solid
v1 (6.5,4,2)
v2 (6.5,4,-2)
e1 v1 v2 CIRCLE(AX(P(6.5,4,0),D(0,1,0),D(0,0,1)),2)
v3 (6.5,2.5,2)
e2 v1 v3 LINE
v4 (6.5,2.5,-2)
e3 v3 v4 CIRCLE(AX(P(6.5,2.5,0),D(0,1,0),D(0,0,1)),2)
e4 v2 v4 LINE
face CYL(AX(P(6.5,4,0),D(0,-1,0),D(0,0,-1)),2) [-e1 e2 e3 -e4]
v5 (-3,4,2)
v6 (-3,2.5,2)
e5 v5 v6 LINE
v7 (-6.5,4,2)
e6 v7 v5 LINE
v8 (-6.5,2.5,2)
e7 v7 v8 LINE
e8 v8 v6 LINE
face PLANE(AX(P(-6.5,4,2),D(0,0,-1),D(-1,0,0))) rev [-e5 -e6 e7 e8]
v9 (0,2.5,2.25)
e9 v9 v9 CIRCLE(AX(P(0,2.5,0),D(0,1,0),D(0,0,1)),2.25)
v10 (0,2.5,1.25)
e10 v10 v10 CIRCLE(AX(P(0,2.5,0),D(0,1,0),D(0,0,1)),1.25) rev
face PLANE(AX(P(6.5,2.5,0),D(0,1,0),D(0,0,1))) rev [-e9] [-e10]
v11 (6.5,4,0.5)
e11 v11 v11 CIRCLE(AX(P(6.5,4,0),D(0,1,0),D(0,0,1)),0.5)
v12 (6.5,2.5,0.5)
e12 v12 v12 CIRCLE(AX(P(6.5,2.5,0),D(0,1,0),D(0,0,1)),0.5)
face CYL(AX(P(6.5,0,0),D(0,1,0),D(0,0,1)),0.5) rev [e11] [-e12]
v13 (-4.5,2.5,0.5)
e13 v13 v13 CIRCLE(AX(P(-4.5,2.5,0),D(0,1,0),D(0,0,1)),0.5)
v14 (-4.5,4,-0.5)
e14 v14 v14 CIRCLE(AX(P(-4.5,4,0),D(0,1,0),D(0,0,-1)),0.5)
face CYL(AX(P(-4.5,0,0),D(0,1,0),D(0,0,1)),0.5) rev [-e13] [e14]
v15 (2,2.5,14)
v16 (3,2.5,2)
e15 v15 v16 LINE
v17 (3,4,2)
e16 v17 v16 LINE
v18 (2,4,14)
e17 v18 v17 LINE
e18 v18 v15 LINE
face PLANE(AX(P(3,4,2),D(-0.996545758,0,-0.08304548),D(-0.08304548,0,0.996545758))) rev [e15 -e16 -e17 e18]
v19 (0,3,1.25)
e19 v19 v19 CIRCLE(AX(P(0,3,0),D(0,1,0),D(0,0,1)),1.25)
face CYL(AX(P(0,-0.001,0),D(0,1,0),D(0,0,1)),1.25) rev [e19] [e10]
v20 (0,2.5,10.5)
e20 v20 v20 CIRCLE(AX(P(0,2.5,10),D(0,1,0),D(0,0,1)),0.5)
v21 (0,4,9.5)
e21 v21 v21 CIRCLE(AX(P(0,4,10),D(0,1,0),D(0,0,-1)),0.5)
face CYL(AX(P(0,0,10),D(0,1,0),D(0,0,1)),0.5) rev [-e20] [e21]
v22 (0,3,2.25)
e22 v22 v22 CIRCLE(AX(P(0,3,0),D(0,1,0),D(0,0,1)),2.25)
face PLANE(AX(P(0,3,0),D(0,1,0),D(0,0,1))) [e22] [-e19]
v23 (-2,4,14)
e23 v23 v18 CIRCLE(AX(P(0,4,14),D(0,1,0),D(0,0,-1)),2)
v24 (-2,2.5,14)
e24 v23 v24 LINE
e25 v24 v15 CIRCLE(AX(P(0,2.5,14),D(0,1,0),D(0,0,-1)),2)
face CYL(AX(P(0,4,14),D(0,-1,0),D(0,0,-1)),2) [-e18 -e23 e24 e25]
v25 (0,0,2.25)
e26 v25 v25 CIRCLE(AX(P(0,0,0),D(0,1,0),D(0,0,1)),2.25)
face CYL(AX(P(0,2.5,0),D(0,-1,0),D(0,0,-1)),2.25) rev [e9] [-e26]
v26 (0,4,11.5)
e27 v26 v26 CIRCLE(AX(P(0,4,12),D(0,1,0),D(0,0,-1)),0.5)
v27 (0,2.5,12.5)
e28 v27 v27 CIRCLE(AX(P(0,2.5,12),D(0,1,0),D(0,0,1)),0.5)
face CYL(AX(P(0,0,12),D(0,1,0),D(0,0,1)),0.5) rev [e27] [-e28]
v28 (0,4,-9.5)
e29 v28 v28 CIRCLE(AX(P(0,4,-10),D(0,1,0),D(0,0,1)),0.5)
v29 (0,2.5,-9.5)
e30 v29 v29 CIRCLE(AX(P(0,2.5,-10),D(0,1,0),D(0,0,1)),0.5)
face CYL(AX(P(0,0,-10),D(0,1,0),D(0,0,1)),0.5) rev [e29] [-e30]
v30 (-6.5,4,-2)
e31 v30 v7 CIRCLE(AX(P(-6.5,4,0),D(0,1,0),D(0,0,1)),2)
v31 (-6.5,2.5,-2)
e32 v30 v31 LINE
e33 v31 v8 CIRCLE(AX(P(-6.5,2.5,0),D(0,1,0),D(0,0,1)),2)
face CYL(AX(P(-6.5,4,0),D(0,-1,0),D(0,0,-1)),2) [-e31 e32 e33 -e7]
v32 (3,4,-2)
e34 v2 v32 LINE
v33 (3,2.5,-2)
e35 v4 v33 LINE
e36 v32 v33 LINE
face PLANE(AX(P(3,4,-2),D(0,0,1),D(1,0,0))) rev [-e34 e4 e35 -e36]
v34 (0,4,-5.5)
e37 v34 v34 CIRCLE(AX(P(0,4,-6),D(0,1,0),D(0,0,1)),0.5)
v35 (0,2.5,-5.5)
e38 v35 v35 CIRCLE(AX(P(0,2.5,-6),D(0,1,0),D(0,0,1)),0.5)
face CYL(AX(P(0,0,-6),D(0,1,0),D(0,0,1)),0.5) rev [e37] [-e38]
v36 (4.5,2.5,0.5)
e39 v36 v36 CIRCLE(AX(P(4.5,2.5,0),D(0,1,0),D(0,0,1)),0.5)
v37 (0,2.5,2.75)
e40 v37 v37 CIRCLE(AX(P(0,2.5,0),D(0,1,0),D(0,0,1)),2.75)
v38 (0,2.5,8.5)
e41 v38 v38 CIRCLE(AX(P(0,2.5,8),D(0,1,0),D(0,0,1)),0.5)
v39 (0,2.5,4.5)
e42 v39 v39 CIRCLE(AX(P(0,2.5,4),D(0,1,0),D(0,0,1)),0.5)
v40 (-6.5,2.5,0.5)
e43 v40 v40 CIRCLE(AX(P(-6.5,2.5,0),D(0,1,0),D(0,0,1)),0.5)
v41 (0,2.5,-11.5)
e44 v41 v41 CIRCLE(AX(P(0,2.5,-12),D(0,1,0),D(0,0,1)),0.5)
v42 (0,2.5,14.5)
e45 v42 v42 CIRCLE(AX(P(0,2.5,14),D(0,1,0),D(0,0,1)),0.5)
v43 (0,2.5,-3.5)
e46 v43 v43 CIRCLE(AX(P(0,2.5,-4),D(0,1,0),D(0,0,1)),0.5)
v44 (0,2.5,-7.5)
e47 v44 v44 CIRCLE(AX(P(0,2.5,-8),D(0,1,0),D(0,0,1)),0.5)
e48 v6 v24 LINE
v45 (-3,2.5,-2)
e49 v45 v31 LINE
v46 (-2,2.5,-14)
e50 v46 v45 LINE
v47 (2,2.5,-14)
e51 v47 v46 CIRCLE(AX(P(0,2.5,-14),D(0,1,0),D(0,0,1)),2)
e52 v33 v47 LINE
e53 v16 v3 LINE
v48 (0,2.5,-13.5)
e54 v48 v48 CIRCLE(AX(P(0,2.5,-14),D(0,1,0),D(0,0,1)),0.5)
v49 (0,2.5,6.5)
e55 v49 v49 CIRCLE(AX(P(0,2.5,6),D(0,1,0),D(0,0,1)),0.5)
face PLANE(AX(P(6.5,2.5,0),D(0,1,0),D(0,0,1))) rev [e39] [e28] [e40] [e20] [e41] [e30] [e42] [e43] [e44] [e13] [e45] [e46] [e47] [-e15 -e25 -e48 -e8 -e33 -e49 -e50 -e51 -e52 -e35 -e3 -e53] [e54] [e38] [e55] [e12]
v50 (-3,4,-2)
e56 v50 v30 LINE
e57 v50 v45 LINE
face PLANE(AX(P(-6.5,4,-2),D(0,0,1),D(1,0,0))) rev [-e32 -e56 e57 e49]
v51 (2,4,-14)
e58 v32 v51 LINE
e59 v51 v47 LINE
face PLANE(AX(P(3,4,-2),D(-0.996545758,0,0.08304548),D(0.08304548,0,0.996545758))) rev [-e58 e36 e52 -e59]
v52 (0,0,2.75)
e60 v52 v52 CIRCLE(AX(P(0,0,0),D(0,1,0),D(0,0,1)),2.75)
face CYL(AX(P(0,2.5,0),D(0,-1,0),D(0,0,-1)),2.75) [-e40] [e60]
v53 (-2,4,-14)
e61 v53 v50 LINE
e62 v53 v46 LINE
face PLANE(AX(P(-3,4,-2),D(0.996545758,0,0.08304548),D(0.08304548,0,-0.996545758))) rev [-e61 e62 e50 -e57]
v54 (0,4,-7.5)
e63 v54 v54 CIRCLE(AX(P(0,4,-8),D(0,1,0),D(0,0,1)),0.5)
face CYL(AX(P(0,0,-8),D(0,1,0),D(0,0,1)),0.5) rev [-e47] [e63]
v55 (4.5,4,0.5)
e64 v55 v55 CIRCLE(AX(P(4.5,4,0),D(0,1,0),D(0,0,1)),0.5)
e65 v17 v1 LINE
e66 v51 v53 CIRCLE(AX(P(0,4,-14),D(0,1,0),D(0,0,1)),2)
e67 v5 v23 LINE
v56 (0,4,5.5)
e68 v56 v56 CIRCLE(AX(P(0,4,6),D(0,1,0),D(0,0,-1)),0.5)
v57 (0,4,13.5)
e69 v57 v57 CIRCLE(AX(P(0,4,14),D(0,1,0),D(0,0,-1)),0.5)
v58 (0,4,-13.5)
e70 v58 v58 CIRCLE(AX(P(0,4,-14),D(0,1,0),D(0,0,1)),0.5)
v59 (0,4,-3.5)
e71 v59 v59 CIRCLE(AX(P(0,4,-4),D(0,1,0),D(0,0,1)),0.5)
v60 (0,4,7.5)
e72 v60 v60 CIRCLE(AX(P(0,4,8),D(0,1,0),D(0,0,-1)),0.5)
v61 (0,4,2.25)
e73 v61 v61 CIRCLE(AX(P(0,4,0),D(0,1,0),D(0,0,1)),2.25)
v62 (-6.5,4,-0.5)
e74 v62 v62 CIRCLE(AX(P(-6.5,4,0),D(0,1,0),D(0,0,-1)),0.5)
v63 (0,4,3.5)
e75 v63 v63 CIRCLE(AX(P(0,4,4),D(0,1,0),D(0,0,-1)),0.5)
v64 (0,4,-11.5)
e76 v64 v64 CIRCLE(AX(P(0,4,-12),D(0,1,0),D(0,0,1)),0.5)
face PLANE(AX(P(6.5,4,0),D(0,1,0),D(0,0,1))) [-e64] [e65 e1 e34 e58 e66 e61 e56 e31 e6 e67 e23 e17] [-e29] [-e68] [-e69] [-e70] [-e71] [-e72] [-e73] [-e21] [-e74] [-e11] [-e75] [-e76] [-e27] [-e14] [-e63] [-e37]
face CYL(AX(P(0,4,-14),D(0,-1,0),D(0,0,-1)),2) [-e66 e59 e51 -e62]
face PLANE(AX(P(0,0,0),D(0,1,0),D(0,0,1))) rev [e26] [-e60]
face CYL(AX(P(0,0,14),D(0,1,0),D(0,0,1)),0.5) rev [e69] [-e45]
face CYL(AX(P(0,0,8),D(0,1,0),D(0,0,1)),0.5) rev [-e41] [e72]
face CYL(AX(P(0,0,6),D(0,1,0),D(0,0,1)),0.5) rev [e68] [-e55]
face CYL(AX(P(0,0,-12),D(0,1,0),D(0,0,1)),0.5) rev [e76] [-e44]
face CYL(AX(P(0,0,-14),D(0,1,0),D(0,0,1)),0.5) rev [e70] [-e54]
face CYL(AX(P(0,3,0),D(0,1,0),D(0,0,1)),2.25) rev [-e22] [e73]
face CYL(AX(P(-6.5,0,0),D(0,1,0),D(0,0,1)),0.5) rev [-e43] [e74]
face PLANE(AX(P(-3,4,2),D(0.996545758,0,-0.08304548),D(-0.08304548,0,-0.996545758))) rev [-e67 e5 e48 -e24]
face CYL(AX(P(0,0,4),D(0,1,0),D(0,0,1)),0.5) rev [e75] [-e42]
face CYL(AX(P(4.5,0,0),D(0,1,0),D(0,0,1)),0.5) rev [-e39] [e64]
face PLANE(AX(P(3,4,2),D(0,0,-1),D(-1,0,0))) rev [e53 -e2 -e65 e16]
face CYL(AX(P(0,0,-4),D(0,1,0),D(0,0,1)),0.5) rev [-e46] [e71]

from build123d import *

# Parameters (mm, degrees)
ESQUISSE1_R             = 2.75
ESQUISSE1_R_2           = 2.25
BOSS_EXTRU_1_DEPTH      = 2.5
BOSS_EXTRU_2_DEPTH      = 1.5
ESQUISSE4_R             = 2.25
ENL_V_MAT_EXTRU_1_DEPTH = 1
ENL_V_MAT_EXTRU_2_REACH = 5
ESQUISSE5_R             = 1.25
ESQUISSE6_R             = 0.5
ENL_V_MAT_EXTRU_3_DEPTH = 5


with BuildPart() as part:
    # Esquisse1 → Boss.-Extru.1 (new body)
    with BuildSketch(Plane(origin=(0, 0, 0), x_dir=(1, 0, 0), z_dir=(0, 1, 0))):
        Circle(ESQUISSE1_R)
        Circle(ESQUISSE1_R_2, mode=Mode.SUBTRACT)
    extrude(amount=BOSS_EXTRU_1_DEPTH)

    # Esquisse3 → Boss.-Extru.2 (add)
    with BuildSketch(Plane(origin=(0, 2.5, 0), x_dir=(1, 0, 0), z_dir=(0, 1, 0))):
        with BuildLine():
            Line((-6.5, 2), (-3, 2))
            Line((-3, 2), (-2, 14))
            ThreePointArc((-2, 14), (0, 16), (2, 14))
            Line((2, 14), (3, 2))
            Line((3, 2), (6.5, 2))
            ThreePointArc((6.5, 2), (8.5, 0), (6.5, -2))
            Line((6.5, -2), (3, -2))
            Line((3, -2), (2, -14))
            ThreePointArc((2, -14), (0, -16), (-2, -14))
            Line((-2, -14), (-3, -2))
            Line((-3, -2), (-6.5, -2))
            ThreePointArc((-6.5, -2), (-8.5, 0), (-6.5, 2))
        make_face()
    extrude(amount=BOSS_EXTRU_2_DEPTH)

    # Esquisse4 → Enlèv. mat.-Extru.1 (cut)
    with BuildSketch(Plane(origin=(0, 4, 0), x_dir=(1, 0, 0), z_dir=(0, 1, 0))):
        Circle(ESQUISSE4_R)
    extrude(amount=-ENL_V_MAT_EXTRU_1_DEPTH, mode=Mode.SUBTRACT)

    # Esquisse5 → Enlèv. mat.-Extru.2 (cut, up to next)
    with BuildSketch(Plane(origin=(0, 3, 0), x_dir=(1, 0, 0), z_dir=(0, 1, 0)), mode=Mode.PRIVATE) as enl_v_mat_extru_2_sk1:
        Circle(ESQUISSE5_R)
    enl_v_mat_extru_2_tool1 = extrude(enl_v_mat_extru_2_sk1.sketch, amount=-ENL_V_MAT_EXTRU_2_REACH, mode=Mode.PRIVATE) & part.part
    add(enl_v_mat_extru_2_tool1.solids().sort_by_distance((0, 3, 0))[0], mode=Mode.SUBTRACT)

    # Esquisse6 → Enlèv. mat.-Extru.3 (cut, through all)
    with BuildSketch(Plane(origin=(0, 4, 0), x_dir=(1, 0, 0), z_dir=(0, 1, 0))):
        with Locations((4.5, 0)):
            Circle(ESQUISSE6_R)
        with Locations((6.5, 0)):
            Circle(ESQUISSE6_R)
        with Locations((-4.5, 0)):
            Circle(ESQUISSE6_R)
        with Locations((-6.5, 0)):
            Circle(ESQUISSE6_R)
        with Locations((0, 14)):
            Circle(ESQUISSE6_R)
        with Locations((0, 12)):
            Circle(ESQUISSE6_R)
        with Locations((0, 10)):
            Circle(ESQUISSE6_R)
        with Locations((0, 8)):
            Circle(ESQUISSE6_R)
        with Locations((0, 6)):
            Circle(ESQUISSE6_R)
        with Locations((0, 4)):
            Circle(ESQUISSE6_R)
        with Locations((0, -4)):
            Circle(ESQUISSE6_R)
        with Locations((0, -6)):
            Circle(ESQUISSE6_R)
        with Locations((0, -8)):
            Circle(ESQUISSE6_R)
        with Locations((0, -10)):
            Circle(ESQUISSE6_R)
        with Locations((0, -12)):
            Circle(ESQUISSE6_R)
        with Locations((0, -14)):
            Circle(ESQUISSE6_R)
    extrude(amount=-ENL_V_MAT_EXTRU_3_DEPTH, mode=Mode.SUBTRACT)


solid = part.part
